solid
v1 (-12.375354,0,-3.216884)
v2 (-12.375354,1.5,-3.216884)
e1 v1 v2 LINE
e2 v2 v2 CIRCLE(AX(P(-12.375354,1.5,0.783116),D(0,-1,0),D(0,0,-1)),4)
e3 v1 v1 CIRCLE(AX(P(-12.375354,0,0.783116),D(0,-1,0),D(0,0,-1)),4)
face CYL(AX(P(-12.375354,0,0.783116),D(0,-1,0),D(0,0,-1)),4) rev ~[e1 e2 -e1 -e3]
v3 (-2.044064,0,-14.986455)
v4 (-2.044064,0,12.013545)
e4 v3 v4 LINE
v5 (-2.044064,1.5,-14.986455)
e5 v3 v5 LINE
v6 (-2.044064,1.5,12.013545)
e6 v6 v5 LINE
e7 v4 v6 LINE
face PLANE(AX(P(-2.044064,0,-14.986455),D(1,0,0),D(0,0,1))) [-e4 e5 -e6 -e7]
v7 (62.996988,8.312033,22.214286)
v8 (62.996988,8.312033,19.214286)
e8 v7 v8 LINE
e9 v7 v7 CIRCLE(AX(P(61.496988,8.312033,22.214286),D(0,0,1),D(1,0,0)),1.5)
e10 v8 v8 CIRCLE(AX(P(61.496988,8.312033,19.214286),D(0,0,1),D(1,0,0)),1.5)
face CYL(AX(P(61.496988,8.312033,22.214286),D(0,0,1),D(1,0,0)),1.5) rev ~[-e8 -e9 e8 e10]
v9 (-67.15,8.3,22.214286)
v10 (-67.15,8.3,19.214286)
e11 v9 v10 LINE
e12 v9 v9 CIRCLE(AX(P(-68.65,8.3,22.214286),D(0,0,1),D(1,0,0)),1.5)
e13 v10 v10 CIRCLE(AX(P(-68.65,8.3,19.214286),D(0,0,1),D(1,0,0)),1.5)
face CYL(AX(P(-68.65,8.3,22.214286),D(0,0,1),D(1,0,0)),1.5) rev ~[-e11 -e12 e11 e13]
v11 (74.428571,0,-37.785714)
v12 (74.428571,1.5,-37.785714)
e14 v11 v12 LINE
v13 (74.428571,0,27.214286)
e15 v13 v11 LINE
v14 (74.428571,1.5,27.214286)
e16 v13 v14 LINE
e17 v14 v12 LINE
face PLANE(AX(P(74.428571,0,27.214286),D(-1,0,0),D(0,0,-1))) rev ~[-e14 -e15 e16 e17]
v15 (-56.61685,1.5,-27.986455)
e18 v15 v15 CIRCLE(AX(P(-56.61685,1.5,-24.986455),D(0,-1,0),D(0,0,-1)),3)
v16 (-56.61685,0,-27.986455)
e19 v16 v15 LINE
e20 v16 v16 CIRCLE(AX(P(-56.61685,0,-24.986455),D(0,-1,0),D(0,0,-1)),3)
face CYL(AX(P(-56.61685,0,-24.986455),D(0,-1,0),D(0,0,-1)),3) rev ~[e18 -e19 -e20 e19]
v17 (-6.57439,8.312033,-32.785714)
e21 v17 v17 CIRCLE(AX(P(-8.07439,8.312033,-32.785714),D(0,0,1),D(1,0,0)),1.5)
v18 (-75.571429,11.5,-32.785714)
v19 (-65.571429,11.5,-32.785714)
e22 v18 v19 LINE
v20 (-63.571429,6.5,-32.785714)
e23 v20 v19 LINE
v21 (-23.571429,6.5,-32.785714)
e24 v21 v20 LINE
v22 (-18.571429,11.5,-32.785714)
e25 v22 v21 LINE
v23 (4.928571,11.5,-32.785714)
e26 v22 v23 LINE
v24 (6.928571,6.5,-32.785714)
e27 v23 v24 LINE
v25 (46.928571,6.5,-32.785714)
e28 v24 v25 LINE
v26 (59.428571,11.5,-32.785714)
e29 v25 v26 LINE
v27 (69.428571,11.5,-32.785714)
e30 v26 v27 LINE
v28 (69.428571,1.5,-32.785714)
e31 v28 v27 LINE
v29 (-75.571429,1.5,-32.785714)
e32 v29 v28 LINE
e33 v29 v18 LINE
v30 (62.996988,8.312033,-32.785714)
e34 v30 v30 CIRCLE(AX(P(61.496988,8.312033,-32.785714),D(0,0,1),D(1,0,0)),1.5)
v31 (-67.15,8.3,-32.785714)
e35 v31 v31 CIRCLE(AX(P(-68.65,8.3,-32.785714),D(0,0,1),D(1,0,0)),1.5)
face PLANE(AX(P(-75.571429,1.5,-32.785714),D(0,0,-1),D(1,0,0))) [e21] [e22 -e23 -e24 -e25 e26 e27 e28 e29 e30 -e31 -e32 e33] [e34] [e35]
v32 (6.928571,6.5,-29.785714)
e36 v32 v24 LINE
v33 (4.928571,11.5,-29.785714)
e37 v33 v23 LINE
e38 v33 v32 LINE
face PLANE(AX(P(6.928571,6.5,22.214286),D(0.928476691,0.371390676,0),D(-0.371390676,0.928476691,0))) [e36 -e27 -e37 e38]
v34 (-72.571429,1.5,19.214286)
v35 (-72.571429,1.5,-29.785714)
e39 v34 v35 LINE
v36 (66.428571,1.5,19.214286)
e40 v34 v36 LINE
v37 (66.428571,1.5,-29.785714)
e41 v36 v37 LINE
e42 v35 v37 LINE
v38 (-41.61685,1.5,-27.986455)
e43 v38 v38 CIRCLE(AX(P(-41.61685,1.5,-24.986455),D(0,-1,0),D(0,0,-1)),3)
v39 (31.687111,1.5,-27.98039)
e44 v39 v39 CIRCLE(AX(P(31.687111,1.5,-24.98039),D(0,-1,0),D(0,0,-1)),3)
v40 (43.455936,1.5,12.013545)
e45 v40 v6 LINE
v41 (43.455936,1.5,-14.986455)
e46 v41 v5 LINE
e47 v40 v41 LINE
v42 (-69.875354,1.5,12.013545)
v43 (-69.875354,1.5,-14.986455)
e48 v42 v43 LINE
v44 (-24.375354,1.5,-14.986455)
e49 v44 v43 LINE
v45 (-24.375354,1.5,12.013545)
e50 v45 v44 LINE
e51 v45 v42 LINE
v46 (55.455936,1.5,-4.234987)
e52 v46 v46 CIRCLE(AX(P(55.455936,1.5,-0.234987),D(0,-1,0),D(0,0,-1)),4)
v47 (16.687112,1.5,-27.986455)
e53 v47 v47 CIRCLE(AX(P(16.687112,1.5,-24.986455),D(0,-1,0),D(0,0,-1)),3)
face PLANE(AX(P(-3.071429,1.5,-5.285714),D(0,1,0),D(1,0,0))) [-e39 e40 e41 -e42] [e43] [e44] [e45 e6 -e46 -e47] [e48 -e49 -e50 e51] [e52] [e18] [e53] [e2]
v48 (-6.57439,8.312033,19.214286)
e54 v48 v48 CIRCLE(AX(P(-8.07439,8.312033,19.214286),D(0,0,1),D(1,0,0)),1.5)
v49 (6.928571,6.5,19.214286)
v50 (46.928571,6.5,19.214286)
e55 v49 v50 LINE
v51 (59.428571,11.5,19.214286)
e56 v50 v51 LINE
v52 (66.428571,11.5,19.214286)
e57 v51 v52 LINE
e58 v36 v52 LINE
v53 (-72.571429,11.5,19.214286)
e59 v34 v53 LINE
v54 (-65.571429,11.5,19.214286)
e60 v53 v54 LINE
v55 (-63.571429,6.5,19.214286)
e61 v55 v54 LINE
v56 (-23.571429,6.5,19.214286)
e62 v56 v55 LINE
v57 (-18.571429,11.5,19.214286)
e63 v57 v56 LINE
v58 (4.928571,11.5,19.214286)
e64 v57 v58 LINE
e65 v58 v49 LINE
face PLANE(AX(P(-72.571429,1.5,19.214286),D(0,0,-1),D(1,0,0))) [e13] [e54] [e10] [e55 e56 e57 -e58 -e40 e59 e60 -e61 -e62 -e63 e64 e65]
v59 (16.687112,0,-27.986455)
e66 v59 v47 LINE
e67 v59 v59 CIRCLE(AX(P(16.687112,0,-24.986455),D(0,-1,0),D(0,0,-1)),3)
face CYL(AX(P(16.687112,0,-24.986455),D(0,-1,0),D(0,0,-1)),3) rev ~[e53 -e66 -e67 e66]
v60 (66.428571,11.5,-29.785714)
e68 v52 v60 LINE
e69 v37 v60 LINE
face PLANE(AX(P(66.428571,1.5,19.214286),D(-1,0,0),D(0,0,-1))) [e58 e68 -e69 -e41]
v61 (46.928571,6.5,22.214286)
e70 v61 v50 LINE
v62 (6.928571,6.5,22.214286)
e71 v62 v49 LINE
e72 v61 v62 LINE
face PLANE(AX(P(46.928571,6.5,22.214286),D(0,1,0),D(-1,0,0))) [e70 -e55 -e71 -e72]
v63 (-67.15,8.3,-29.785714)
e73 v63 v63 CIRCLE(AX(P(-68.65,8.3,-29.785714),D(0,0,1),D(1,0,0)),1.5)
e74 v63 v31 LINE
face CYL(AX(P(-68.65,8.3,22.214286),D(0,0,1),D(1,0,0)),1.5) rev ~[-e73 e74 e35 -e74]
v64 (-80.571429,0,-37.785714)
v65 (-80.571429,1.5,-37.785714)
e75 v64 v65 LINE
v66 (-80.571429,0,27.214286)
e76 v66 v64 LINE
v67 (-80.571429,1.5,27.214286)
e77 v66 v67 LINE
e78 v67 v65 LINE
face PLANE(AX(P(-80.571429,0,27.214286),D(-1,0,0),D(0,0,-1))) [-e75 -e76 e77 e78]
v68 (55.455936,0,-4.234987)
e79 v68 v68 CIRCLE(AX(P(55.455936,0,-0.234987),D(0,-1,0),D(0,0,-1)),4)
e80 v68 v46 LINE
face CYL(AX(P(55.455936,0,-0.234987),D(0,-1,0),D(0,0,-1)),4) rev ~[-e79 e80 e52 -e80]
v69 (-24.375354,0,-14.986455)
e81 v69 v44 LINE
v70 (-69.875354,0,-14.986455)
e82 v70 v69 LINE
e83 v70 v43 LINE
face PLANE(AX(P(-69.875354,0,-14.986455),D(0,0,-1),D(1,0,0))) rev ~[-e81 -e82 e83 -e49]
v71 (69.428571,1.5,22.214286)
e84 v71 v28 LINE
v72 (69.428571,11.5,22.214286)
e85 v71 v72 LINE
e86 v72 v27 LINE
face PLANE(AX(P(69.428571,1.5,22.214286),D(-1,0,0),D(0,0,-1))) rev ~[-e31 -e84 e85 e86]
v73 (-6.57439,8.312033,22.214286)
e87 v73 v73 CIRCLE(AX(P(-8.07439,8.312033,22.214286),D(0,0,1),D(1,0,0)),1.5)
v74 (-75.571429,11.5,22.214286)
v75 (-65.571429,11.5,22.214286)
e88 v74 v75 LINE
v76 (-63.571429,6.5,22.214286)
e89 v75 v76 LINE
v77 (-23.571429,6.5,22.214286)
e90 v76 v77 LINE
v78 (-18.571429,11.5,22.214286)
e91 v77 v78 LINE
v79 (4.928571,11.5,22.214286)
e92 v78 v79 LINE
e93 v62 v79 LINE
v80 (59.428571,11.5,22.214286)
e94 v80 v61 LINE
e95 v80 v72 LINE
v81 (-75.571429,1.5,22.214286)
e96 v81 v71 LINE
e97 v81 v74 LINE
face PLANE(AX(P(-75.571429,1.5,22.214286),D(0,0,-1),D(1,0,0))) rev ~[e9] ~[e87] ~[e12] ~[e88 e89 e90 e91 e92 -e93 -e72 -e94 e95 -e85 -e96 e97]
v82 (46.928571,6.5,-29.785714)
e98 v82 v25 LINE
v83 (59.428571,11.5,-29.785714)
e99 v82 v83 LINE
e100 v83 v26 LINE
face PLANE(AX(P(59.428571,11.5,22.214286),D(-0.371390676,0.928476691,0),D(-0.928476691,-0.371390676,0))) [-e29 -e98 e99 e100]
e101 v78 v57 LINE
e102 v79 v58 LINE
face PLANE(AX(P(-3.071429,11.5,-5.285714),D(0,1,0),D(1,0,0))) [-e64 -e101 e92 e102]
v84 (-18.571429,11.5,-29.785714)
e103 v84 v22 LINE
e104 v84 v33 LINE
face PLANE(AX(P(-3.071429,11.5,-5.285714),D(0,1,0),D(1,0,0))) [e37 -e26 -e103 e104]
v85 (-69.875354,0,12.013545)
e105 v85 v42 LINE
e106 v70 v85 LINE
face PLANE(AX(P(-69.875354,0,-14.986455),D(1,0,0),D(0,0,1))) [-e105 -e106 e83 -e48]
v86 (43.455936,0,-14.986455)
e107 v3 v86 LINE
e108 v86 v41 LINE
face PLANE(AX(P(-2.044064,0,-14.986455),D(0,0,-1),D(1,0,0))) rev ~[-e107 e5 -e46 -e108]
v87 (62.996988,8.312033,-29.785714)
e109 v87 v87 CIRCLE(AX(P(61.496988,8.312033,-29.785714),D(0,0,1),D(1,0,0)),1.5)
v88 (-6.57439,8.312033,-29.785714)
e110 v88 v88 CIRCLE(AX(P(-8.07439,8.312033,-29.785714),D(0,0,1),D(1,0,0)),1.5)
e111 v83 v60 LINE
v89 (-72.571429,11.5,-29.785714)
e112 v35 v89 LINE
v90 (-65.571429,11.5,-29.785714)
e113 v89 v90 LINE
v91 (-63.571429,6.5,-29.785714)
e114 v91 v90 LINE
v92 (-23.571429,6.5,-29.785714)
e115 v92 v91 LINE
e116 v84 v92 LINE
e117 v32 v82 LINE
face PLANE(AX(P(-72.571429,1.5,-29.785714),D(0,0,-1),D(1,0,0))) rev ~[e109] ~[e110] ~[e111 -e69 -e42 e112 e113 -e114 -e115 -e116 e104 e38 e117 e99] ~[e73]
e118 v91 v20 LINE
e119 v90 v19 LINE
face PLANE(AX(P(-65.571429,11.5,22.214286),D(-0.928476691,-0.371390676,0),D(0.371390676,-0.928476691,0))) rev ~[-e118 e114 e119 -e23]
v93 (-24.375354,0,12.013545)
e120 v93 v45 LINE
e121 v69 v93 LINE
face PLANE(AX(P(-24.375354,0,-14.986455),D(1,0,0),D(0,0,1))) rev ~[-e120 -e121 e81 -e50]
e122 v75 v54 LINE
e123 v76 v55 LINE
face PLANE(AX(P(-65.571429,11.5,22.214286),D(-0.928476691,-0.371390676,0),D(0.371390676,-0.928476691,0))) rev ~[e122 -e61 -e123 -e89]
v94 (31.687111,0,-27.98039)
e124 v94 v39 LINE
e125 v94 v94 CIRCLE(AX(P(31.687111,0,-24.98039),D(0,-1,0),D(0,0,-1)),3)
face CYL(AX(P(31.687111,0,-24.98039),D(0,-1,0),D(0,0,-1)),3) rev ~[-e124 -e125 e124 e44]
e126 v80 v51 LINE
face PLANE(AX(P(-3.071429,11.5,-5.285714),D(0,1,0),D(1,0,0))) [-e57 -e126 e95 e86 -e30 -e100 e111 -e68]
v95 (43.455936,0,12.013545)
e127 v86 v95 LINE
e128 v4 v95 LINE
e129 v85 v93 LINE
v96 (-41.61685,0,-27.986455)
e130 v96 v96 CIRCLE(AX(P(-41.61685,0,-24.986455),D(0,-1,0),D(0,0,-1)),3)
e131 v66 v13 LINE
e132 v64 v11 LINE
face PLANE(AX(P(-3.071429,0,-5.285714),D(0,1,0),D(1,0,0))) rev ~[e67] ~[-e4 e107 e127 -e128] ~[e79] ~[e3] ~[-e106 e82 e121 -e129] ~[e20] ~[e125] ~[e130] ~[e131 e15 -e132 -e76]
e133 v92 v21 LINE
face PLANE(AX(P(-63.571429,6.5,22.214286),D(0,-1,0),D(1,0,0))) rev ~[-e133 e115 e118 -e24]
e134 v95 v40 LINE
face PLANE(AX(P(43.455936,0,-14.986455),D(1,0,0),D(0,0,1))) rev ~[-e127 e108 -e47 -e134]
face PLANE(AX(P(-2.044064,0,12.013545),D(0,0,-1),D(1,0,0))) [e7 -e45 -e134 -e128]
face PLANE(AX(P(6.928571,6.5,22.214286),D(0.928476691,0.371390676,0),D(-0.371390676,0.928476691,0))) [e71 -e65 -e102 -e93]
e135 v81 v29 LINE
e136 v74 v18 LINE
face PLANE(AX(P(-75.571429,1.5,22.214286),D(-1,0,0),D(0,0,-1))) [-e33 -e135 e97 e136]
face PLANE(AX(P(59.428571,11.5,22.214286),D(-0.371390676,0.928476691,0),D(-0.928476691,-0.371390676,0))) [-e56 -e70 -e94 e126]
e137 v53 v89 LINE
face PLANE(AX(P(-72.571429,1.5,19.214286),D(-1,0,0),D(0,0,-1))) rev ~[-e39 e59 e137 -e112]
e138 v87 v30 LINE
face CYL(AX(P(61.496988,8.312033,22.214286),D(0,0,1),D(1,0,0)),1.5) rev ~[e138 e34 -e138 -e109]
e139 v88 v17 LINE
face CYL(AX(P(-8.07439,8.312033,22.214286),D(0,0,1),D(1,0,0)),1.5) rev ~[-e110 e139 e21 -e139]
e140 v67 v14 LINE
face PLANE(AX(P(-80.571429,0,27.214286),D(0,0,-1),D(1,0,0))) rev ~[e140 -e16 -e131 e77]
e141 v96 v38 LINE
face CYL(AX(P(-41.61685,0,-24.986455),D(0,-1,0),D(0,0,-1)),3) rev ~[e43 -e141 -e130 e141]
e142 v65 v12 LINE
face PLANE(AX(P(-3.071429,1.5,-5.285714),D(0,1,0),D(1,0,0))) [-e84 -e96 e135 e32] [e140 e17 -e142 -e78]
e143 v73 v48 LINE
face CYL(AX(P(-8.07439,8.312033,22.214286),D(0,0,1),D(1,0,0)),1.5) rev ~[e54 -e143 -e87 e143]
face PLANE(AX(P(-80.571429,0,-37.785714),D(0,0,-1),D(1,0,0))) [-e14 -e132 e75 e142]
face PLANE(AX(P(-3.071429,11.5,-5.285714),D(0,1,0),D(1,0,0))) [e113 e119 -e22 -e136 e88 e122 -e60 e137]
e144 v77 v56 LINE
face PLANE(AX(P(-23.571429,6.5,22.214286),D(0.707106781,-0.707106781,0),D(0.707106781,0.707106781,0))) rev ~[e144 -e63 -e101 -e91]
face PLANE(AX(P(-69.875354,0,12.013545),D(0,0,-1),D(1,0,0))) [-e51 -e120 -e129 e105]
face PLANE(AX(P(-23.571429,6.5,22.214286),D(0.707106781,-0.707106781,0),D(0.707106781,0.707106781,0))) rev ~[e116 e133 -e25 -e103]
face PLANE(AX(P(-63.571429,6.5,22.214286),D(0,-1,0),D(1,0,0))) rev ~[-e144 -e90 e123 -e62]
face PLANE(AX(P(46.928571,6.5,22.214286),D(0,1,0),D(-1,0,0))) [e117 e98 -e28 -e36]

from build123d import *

# Parameters (mm, degrees)
SKETCH1_W           = 155
SKETCH1_H           = 65
BOSS_EXTRUDE1_DEPTH = 1.5
SKETCH2_W           = 145
SKETCH2_H           = 55
SKETCH2_W_2         = 139
SKETCH2_H_2         = 49
BOSS_EXTRUDE2_DEPTH = 10
CUT_EXTRUDE1_DEPTH  = 91
SKETCH5_R           = 3
SKETCH5_R_2         = 4
SKETCH5_W           = 45.5
SKETCH5_H           = 27
CUT_EXTRUDE2_DEPTH  = 91
SKETCH6_R           = 1.5
CUT_EXTRUDE3_DEPTH  = 91


with BuildPart() as part:
    # Sketch1 → Boss-Extrude1 (new body)
    with BuildSketch(Plane(origin=(0, 0, 0), x_dir=(1, 0, 0), z_dir=(0, 1, 0))):
        with Locations((-3.071428571, 5.285714286)):
            Rectangle(SKETCH1_W, SKETCH1_H)
    extrude(amount=BOSS_EXTRUDE1_DEPTH)

    # Sketch2 → Boss-Extrude2 (add)
    with BuildSketch(Plane(origin=(0, 1.5, 0), x_dir=(1, 0, 0), z_dir=(0, 1, 0))):
        with Locations((-3.071428571, 5.285714286)):
            Rectangle(SKETCH2_W, SKETCH2_H)
        with Locations((-3.071428571, 5.285714286)):
            Rectangle(SKETCH2_W_2, SKETCH2_H_2, mode=Mode.SUBTRACT)
    extrude(amount=BOSS_EXTRUDE2_DEPTH)

    # Sketch4 → Cut-Extrude1 (cut)
    with BuildSketch(Plane.XY.offset(22.214285714)):
        Polygon((-65.571428571, 11.5), (-63.571428571, 6.5), (-23.571428571, 6.5), (-18.571428571, 11.5), align=None)
        Polygon((4.928571429, 11.5), (59.428571429, 11.5), (46.928571429, 6.5), (6.928571429, 6.5), align=None)
    extrude(amount=-CUT_EXTRUDE1_DEPTH, mode=Mode.SUBTRACT)

    # Sketch5 → Cut-Extrude2 (cut)
    with BuildSketch(Plane.XZ):
        with Locations(Location((16.687112177, -24.986454546, 0), (0, 0, 270))):
            Circle(SKETCH5_R)
        with Locations(Location((31.687110951, -24.980390104, 0), (0, 0, 270))):
            Circle(SKETCH5_R)
        with Locations(Location((55.455936184, -0.234986803, 0), (0, 0, 270))):
            Circle(SKETCH5_R_2)
        with Locations(Location((-12.375354301, 0.783116326, 0), (0, 0, 270))):
            Circle(SKETCH5_R_2)
        with Locations(Location((-56.616849976, -24.986454546, 0), (0, 0, 270))):
            Circle(SKETCH5_R)
        with Locations(Location((-41.616849976, -24.986454546, 0), (0, 0, 270))):
            Circle(SKETCH5_R)
        with Locations((20.705936184, -1.486454546)):
            Rectangle(SKETCH5_W, SKETCH5_H)
        with Locations((-47.125354301, -1.486454546)):
            Rectangle(SKETCH5_W, SKETCH5_H)
    extrude(amount=-CUT_EXTRUDE2_DEPTH, mode=Mode.SUBTRACT)

    # Sketch6 → Cut-Extrude3 (cut)
    with BuildSketch(Plane.XY.offset(22.214285714)):
        with Locations((-8.074390062, 8.312033368)):
            Circle(SKETCH6_R)
        with Locations((61.496987575, 8.312033368)):
            Circle(SKETCH6_R)
        with Locations((-68.65, 8.3)):
            Circle(SKETCH6_R)
    extrude(amount=-CUT_EXTRUDE3_DEPTH, mode=Mode.SUBTRACT)


solid = part.part
